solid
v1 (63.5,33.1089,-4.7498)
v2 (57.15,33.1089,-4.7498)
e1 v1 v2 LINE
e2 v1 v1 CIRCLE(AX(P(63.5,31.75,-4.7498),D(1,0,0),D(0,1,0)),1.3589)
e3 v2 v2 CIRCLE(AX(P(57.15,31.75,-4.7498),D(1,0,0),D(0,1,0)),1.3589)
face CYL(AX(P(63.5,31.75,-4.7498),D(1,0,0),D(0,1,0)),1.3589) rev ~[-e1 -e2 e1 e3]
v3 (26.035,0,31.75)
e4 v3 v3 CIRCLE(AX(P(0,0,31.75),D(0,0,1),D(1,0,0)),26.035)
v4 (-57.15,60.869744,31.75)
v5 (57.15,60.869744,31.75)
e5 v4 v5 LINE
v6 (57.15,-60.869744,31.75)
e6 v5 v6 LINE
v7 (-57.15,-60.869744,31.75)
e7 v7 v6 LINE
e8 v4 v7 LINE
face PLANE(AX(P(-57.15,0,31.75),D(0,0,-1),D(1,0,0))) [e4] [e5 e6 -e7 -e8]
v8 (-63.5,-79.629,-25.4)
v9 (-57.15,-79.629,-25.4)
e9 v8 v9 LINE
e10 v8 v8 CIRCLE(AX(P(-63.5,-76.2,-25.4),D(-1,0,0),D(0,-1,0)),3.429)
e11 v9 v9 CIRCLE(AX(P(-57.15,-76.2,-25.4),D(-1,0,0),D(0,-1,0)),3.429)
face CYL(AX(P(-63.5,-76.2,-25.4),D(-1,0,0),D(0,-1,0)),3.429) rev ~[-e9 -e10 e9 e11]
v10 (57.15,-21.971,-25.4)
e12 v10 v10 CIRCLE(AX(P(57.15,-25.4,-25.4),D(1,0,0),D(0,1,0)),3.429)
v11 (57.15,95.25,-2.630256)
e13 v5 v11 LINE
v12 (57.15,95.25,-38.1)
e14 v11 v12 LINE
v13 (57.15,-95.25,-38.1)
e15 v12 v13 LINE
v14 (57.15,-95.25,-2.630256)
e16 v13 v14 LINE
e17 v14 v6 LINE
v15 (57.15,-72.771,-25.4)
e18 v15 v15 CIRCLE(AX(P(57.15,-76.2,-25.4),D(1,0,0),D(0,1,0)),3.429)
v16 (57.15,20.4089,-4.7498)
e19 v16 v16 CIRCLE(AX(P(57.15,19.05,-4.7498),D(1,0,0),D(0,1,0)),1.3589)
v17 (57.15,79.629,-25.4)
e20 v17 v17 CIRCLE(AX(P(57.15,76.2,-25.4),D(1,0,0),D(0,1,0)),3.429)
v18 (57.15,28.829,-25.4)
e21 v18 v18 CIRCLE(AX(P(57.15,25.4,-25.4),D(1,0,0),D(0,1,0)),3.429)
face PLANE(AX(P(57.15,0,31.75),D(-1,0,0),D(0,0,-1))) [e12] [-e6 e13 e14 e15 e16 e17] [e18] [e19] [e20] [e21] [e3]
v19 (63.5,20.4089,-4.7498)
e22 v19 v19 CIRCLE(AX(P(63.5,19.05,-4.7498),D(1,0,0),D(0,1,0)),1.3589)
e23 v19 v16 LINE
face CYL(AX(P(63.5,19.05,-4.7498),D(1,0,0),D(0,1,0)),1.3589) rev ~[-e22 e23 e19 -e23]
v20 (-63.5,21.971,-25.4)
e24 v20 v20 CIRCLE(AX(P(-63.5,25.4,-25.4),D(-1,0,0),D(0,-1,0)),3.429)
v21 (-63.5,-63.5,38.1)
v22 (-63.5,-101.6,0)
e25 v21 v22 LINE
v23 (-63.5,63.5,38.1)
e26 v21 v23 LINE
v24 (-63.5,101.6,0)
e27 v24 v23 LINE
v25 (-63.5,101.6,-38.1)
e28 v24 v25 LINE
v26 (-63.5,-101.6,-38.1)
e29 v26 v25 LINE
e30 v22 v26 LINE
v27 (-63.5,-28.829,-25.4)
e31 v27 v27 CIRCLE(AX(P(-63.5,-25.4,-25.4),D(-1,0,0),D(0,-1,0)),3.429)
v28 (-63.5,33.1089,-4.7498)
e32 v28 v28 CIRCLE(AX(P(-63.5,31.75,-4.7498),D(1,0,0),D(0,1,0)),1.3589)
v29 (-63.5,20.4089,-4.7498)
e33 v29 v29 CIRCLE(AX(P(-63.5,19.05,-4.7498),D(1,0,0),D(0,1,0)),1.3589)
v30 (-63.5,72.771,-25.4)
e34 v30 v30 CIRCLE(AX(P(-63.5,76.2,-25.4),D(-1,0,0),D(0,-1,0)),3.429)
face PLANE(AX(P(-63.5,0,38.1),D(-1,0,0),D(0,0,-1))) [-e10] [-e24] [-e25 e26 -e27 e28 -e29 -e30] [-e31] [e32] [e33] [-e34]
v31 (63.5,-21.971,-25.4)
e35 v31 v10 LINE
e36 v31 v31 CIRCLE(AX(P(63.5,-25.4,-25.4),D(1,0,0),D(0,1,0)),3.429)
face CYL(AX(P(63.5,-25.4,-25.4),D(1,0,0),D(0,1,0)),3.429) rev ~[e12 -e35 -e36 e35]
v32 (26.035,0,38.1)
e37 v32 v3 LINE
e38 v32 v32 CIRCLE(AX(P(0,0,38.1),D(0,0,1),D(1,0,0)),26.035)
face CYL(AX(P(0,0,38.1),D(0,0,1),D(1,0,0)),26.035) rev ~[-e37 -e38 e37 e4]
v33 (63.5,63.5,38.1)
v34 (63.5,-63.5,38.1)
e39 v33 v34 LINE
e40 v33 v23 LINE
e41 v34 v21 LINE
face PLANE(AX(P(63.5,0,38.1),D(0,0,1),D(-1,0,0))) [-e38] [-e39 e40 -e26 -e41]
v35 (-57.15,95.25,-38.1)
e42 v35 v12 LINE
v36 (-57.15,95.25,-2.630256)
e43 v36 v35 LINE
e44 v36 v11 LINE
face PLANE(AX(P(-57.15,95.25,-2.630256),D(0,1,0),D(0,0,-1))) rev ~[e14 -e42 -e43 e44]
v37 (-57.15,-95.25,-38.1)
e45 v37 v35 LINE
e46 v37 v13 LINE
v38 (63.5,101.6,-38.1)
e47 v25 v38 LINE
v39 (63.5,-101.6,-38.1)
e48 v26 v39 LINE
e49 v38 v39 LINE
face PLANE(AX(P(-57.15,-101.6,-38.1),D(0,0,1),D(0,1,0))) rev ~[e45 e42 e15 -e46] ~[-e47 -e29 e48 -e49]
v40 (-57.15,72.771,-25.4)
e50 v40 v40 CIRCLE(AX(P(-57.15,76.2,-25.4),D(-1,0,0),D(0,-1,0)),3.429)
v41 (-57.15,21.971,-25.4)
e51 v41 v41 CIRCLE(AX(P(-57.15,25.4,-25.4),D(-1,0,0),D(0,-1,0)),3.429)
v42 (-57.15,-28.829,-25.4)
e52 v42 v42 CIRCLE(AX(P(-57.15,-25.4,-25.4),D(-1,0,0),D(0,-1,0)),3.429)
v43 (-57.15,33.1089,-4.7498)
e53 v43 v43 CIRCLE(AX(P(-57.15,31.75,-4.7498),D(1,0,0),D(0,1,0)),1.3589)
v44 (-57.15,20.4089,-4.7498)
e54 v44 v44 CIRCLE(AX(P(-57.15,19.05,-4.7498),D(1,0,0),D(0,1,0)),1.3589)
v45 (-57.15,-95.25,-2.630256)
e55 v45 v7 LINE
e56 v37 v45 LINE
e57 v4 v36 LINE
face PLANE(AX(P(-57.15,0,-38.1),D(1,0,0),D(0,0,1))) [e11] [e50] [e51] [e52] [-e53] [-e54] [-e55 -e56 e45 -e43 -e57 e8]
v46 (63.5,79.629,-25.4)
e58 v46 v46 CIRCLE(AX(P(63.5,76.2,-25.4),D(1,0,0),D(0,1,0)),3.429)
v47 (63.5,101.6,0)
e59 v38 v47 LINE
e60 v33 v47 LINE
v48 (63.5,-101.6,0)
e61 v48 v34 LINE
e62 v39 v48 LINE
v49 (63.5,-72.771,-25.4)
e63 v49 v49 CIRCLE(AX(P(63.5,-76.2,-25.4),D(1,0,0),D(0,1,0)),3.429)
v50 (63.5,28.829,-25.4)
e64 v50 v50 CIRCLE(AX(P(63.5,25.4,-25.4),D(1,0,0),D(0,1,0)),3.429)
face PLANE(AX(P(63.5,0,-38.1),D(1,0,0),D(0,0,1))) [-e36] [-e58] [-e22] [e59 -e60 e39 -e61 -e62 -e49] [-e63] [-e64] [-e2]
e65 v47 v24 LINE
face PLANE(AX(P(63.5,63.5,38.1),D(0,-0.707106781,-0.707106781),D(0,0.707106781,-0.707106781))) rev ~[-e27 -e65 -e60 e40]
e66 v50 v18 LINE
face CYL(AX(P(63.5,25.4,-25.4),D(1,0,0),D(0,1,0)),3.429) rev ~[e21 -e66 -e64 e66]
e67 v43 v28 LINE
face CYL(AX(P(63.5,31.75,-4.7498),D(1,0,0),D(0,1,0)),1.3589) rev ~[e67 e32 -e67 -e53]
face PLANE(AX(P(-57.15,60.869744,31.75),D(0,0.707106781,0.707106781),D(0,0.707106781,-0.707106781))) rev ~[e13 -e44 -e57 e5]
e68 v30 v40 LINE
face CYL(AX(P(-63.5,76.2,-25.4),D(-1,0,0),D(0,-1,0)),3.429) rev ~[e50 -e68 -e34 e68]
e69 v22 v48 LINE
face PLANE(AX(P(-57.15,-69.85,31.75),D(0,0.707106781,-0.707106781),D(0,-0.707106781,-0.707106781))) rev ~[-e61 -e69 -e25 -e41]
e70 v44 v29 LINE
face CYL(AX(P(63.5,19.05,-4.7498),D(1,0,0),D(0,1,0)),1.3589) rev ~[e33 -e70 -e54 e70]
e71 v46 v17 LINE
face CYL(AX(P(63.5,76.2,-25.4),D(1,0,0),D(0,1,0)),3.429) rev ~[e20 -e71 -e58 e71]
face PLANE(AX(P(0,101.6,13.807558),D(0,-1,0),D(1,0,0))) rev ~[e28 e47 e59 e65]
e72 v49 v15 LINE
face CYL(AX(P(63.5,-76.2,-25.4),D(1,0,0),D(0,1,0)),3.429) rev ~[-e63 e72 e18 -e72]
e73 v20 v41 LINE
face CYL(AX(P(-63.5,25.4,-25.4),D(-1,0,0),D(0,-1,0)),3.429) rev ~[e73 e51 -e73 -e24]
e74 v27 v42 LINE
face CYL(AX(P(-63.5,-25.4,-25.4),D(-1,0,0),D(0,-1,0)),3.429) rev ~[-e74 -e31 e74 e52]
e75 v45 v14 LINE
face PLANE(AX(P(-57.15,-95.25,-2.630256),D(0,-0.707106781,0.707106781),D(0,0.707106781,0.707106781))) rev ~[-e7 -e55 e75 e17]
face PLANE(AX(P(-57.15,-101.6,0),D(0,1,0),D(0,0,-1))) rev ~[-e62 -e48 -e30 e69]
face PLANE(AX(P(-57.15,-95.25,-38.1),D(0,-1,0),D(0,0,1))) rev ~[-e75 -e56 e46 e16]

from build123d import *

# Parameters (mm, degrees)
F1_DEPTH  = 101.6
F3_R      = 3.429
F4_DEPTH  = 6.35
F2_R      = 3.429
F5_DEPTH  = 6.35
F6_R      = 26.035
F7_DEPTH  = 6.35
F8_R      = 1.3589
F9_DEPTH  = 127.001
F11_DEPTH = 127.001
F13_DEPTH = 114.3


with BuildPart() as f1:
    # F0 (on Front) → F1 (new body, symmetric)
    with BuildSketch(Plane.XZ):
        Polygon((-57.15, -38.1), (-57.15, 31.75), (57.15, 31.75), (57.15, -38.1), (63.5, -38.1), (63.5, 38.1), (-63.5, 38.1), (-63.5, -38.1), align=None)
    extrude(amount=F1_DEPTH, both=True)

    # F3 (on face) → F4 (cut)
    with BuildSketch(Plane(origin=(-63.5, 0, 0), x_dir=(0, -1, 0), z_dir=(-1, 0, 0))):
        with Locations((-76.2, -25.4)):
            Circle(F3_R)
        with Locations((-25.4, -25.4)):
            Circle(F3_R)
        with Locations((25.4, -25.4)):
            Circle(F3_R)
        with Locations((76.2, -25.4)):
            Circle(F3_R)
    extrude(amount=-F4_DEPTH, mode=Mode.SUBTRACT)

    # F2 (on face) → F5 (cut)
    with BuildSketch(Plane.YZ.offset(63.5)):
        with Locations((-76.2, -25.4)):
            Circle(F2_R)
        with Locations((-25.4, -25.4)):
            Circle(F2_R)
        with Locations((25.4, -25.4)):
            Circle(F2_R)
        with Locations((76.2, -25.4)):
            Circle(F2_R)
    extrude(amount=-F5_DEPTH, mode=Mode.SUBTRACT)

    # F6 (on face) → F7 (cut)
    with BuildSketch(Plane.XY.offset(38.1)):
        Circle(F6_R)
    extrude(amount=-F7_DEPTH, mode=Mode.SUBTRACT)

    # F8 (on face) → F9 (cut, through all)
    with BuildSketch(Plane.YZ.offset(63.5)):
        with Locations((19.05, -4.7498)):
            Circle(F8_R)
        with Locations((31.75, -4.7498)):
            Circle(F8_R)
    extrude(amount=-F9_DEPTH, mode=Mode.SUBTRACT)

    # F10 (on face) → F11 (cut, through all)
    with BuildSketch(Plane.YZ.offset(63.5)):
        Polygon((-63.5, 38.1), (-101.6, 38.1), (-101.6, 0), align=None)
        Polygon((63.5, 38.1), (101.6, 0), (101.6, 38.1), align=None)
    extrude(amount=-F11_DEPTH, mode=Mode.SUBTRACT)

    # F12 (on face) → F13 (join, through all)
    with BuildSketch(Plane.YZ.offset(-57.15)):
        Polygon((-69.85, 31.75), (-101.6, 0), (-101.6, -38.1), (-95.25, -38.1), (-95.25, -2.630256), (-60.869744, 31.75), align=None)
        Polygon((95.25, -2.630256), (95.25, -38.1), (101.6, -38.1), (101.6, 0), (69.85, 31.75), (60.869744, 31.75), align=None)
    extrude(amount=F13_DEPTH)


solid = f1.part
